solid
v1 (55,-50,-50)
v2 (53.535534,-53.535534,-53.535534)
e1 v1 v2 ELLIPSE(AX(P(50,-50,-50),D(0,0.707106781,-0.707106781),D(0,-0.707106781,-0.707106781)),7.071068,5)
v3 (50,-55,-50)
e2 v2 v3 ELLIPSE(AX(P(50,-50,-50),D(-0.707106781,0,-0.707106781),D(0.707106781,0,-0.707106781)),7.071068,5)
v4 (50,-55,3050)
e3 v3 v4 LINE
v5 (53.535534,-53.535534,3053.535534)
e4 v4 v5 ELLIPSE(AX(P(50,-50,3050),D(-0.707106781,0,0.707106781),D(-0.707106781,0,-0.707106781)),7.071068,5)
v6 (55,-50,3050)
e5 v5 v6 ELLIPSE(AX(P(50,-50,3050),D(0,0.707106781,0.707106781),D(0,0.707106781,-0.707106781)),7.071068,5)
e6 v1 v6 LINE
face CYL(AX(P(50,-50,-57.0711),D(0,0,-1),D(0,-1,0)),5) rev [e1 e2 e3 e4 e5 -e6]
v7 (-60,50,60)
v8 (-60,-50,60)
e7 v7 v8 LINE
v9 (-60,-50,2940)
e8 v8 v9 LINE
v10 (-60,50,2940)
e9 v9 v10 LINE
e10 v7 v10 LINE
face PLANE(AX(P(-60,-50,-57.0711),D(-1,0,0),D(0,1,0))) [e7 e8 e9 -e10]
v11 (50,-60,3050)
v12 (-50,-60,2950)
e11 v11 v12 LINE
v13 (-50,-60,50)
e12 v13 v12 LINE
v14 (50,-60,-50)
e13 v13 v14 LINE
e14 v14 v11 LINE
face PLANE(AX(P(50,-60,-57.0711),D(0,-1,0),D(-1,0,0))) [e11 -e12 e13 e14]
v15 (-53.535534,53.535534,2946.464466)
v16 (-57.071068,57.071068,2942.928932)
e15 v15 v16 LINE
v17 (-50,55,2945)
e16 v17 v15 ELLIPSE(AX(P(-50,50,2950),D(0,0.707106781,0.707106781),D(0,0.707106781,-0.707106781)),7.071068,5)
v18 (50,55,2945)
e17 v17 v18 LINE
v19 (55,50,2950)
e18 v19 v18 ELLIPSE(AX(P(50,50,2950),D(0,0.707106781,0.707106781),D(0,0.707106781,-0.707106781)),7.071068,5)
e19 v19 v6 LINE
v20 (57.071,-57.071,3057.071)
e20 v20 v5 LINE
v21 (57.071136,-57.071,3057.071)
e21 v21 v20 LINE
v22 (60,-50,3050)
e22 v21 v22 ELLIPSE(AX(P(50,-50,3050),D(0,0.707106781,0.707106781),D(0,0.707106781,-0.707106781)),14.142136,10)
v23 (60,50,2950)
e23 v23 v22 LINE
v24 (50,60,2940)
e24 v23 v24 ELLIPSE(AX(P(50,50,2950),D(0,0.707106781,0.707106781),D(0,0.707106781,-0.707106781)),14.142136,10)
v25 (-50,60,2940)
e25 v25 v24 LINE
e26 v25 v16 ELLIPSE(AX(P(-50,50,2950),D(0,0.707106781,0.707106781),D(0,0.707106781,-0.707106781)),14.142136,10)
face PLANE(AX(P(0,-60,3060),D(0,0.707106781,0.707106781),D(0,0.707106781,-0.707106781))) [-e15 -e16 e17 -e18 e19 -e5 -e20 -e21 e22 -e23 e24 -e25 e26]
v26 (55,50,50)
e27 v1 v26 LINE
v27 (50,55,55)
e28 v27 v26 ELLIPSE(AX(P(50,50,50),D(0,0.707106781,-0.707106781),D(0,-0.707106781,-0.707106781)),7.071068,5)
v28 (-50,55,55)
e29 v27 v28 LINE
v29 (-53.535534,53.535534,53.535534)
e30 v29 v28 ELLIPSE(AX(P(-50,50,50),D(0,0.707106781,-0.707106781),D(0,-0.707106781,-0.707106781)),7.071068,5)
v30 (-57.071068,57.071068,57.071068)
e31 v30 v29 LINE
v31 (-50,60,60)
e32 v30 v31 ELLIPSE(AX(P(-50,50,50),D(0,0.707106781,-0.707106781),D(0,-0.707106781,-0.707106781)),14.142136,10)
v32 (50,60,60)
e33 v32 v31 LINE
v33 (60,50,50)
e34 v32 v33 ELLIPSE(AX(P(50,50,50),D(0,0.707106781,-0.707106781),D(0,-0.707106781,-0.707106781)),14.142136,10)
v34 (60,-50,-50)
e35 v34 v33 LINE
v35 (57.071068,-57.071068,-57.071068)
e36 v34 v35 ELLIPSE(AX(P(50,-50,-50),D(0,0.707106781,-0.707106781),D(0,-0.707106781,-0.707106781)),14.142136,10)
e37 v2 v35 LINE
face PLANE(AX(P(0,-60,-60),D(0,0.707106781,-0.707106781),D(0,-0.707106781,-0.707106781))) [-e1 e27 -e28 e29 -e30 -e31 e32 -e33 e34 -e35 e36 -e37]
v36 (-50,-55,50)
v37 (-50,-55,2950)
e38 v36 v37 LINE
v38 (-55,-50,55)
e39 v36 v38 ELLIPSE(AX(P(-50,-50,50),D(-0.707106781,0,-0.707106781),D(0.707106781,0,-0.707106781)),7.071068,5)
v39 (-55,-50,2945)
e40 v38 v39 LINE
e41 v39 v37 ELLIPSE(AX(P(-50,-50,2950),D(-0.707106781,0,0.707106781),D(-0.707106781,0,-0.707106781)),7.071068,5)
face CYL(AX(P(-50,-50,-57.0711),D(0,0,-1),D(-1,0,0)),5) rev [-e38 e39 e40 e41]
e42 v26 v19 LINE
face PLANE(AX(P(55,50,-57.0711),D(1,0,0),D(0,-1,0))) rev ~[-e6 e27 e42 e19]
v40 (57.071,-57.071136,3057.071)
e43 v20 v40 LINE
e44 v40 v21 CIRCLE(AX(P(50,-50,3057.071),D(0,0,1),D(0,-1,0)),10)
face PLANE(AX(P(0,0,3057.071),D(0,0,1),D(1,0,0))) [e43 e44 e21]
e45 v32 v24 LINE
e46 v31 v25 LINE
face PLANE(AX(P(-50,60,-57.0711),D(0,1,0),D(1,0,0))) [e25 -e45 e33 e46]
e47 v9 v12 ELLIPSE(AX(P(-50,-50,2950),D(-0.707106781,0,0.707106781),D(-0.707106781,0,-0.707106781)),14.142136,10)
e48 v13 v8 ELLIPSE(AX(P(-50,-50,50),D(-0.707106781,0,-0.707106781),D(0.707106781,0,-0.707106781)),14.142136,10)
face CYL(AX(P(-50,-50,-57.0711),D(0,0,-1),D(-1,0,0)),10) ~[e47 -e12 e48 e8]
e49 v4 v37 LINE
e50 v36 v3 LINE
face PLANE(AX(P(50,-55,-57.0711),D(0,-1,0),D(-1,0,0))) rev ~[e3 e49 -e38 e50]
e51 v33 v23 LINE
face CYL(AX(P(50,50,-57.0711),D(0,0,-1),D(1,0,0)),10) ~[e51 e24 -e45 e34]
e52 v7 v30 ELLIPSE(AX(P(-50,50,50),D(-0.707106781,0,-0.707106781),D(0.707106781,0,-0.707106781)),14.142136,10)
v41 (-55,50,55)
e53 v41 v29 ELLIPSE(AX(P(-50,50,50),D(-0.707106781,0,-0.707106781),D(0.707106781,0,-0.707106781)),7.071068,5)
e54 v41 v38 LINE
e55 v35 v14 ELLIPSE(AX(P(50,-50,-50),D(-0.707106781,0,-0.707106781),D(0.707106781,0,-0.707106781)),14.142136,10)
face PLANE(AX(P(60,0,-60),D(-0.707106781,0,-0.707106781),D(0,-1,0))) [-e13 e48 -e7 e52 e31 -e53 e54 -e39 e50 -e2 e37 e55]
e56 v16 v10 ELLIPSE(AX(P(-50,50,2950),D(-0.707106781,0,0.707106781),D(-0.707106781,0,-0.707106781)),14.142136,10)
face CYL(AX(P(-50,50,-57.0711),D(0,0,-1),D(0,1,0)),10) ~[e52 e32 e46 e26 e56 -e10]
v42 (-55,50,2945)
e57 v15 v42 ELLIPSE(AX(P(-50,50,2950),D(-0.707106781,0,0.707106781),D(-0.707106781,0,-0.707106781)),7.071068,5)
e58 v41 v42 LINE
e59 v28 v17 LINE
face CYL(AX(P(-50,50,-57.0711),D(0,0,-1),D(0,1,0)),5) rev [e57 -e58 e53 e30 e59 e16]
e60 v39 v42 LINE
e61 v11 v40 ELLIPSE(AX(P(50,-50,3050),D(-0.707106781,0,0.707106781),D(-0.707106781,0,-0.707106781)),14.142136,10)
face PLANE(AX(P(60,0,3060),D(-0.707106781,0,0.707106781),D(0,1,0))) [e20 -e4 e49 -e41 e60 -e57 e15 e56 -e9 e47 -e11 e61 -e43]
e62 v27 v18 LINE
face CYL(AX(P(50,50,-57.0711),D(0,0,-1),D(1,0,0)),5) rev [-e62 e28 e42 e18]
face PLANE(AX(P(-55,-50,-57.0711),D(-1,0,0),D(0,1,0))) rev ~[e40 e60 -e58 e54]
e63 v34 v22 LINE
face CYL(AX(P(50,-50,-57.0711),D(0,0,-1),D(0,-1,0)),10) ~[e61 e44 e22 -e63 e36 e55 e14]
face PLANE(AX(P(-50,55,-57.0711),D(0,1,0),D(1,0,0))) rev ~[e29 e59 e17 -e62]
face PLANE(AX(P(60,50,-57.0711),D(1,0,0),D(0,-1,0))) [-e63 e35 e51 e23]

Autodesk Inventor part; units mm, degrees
ref_plane "Start Plane" through (0, 0, -57.0711) normal (0, 0, 1) x (1, 0, 0)
ref_plane "End Plane" through (0, 0, 3057.0711) normal (0, 0, 1) x (1, 0, 0)
sketch "Sketch" plane through (0, 0, 0) normal (0, 0, 1) x (1, 0, 0)
  line L0 (-60, -50) -> (-60, 50)
  line L1 (-50, 60) -> (50, 60)
  line L2 (60, 50) -> (60, -50)
  line L3 (50, -60) -> (-50, -60)
  arc A0 (-60, -50) -> (-50, -60) centre (-50, -50) ccw
  arc A1 (60, 50) -> (50, 60) centre (50, 50) ccw
  arc A2 (-50, 60) -> (-60, 50) centre (-50, 50) ccw
  arc A3 (50, -60) -> (60, -50) centre (50, -50) ccw
  arc A4 (-50, 55) -> (-55, 50) centre (-50, 50) ccw
  line L4 (-50, 55) -> (50, 55)
  arc A5 (55, 50) -> (50, 55) centre (50, 50) ccw
  line L5 (55, 50) -> (55, -50)
  arc A6 (50, -55) -> (55, -50) centre (50, -50) ccw
  line L6 (50, -55) -> (-50, -55)
  arc A7 (-55, -50) -> (-50, -55) centre (-50, -50) ccw
  line L7 (-55, -50) -> (-55, 50)
  line L8 (0, 86.8995) -> (0, -86.8995) construction
  line L9 (-86.8995, 0) -> (86.8995, 0) construction
  dimension "d7" = 10
  dimension "d9" = 120
  dimension "d11" = 120
  dimension "d12" = 5
  dimension "d15" = 60
  dimension "d16" = 60
extrude "Body" add sketch "Sketch" along normal up to surface (3114.1421 mm away) from surface at -57.0711
sketch "Sketch3" plane through (0, 0, 0) normal (0, 0, 1) x (1, 0, 0)
  line L0 (0, 0) -> (10, 0)
ref_plane "Work Plane3" through (0, 0, 0) normal (0, -1, 0) x (1, 0, 0)
ref_plane "Work Plane4" through (60, 0, 3060) normal (-0.7071, 0, 0.7071) x (0.7071, 0, 0.7071)
split "Split1" plane through (60, 0, 3060) removes the side toward (-0.7071, 0, 0.7071)
ref_plane "Work Plane5" through (60, 0, -60) normal (-0.7071, 0, -0.7071) x (-0.7071, 0, 0.7071)
split "Split2" plane through (60, 0, -60) removes the side toward (-0.7071, 0, -0.7071)
ref_plane "Work Plane6" through (0, -60, -60) normal (0, 0.7071, -0.7071) x (1, 0, 0)
split "Split3" plane through (0, -60, -60) removes the side toward (0, 0.7071, -0.7071)
ref_plane "Work Plane7" through (0, -60, 3060) normal (0, 0.7071, 0.7071) x (1, 0, 0)
split "Split4" plane through (0, -60, 3060) removes the side toward (0, 0.7071, 0.7071)
sketch "Sketch4" plane through (0, 0, 0) normal (0, -1, 0) x (1, 0, 0)
  line L0 (-2, -57.0711) -> (12, -57.0711) projected
  line L1 (-2, 3057.0711) -> (12, 3057.0711) projected
  dimension "d18" = 3114.1421
equation "\"d7\" = G_IR"
equation "\"d9\" = G_W"
equation "\"d11\" = G_H"
equation "\"d12\" = G_T"
equation "\"d15\" = 0.5 * d9"
equation "\"d16\" = 0.5 * d11"
equation "\"d3\" = G_L"
equation "\"G_W\" = 120"
equation "\"G_H\" = 120"
equation "\"G_T\" = 5"
equation "\"G_IR\" = 10"
equation "\"G_L\" = d18"
equation "\"G_OFFSET_START\" = 57.07107"
equation "\"G_OFFSET_END\" = 57.07107"
equation "\"d13\" = -G_OFFSET_START"
equation "\"d14\" = G_OFFSET_END + B_L"
equation "\"B_L\" = 3000"
properties part number "ISO 10799-2 - 120x120x5 - 3114,14" material "Steel, Mild"
